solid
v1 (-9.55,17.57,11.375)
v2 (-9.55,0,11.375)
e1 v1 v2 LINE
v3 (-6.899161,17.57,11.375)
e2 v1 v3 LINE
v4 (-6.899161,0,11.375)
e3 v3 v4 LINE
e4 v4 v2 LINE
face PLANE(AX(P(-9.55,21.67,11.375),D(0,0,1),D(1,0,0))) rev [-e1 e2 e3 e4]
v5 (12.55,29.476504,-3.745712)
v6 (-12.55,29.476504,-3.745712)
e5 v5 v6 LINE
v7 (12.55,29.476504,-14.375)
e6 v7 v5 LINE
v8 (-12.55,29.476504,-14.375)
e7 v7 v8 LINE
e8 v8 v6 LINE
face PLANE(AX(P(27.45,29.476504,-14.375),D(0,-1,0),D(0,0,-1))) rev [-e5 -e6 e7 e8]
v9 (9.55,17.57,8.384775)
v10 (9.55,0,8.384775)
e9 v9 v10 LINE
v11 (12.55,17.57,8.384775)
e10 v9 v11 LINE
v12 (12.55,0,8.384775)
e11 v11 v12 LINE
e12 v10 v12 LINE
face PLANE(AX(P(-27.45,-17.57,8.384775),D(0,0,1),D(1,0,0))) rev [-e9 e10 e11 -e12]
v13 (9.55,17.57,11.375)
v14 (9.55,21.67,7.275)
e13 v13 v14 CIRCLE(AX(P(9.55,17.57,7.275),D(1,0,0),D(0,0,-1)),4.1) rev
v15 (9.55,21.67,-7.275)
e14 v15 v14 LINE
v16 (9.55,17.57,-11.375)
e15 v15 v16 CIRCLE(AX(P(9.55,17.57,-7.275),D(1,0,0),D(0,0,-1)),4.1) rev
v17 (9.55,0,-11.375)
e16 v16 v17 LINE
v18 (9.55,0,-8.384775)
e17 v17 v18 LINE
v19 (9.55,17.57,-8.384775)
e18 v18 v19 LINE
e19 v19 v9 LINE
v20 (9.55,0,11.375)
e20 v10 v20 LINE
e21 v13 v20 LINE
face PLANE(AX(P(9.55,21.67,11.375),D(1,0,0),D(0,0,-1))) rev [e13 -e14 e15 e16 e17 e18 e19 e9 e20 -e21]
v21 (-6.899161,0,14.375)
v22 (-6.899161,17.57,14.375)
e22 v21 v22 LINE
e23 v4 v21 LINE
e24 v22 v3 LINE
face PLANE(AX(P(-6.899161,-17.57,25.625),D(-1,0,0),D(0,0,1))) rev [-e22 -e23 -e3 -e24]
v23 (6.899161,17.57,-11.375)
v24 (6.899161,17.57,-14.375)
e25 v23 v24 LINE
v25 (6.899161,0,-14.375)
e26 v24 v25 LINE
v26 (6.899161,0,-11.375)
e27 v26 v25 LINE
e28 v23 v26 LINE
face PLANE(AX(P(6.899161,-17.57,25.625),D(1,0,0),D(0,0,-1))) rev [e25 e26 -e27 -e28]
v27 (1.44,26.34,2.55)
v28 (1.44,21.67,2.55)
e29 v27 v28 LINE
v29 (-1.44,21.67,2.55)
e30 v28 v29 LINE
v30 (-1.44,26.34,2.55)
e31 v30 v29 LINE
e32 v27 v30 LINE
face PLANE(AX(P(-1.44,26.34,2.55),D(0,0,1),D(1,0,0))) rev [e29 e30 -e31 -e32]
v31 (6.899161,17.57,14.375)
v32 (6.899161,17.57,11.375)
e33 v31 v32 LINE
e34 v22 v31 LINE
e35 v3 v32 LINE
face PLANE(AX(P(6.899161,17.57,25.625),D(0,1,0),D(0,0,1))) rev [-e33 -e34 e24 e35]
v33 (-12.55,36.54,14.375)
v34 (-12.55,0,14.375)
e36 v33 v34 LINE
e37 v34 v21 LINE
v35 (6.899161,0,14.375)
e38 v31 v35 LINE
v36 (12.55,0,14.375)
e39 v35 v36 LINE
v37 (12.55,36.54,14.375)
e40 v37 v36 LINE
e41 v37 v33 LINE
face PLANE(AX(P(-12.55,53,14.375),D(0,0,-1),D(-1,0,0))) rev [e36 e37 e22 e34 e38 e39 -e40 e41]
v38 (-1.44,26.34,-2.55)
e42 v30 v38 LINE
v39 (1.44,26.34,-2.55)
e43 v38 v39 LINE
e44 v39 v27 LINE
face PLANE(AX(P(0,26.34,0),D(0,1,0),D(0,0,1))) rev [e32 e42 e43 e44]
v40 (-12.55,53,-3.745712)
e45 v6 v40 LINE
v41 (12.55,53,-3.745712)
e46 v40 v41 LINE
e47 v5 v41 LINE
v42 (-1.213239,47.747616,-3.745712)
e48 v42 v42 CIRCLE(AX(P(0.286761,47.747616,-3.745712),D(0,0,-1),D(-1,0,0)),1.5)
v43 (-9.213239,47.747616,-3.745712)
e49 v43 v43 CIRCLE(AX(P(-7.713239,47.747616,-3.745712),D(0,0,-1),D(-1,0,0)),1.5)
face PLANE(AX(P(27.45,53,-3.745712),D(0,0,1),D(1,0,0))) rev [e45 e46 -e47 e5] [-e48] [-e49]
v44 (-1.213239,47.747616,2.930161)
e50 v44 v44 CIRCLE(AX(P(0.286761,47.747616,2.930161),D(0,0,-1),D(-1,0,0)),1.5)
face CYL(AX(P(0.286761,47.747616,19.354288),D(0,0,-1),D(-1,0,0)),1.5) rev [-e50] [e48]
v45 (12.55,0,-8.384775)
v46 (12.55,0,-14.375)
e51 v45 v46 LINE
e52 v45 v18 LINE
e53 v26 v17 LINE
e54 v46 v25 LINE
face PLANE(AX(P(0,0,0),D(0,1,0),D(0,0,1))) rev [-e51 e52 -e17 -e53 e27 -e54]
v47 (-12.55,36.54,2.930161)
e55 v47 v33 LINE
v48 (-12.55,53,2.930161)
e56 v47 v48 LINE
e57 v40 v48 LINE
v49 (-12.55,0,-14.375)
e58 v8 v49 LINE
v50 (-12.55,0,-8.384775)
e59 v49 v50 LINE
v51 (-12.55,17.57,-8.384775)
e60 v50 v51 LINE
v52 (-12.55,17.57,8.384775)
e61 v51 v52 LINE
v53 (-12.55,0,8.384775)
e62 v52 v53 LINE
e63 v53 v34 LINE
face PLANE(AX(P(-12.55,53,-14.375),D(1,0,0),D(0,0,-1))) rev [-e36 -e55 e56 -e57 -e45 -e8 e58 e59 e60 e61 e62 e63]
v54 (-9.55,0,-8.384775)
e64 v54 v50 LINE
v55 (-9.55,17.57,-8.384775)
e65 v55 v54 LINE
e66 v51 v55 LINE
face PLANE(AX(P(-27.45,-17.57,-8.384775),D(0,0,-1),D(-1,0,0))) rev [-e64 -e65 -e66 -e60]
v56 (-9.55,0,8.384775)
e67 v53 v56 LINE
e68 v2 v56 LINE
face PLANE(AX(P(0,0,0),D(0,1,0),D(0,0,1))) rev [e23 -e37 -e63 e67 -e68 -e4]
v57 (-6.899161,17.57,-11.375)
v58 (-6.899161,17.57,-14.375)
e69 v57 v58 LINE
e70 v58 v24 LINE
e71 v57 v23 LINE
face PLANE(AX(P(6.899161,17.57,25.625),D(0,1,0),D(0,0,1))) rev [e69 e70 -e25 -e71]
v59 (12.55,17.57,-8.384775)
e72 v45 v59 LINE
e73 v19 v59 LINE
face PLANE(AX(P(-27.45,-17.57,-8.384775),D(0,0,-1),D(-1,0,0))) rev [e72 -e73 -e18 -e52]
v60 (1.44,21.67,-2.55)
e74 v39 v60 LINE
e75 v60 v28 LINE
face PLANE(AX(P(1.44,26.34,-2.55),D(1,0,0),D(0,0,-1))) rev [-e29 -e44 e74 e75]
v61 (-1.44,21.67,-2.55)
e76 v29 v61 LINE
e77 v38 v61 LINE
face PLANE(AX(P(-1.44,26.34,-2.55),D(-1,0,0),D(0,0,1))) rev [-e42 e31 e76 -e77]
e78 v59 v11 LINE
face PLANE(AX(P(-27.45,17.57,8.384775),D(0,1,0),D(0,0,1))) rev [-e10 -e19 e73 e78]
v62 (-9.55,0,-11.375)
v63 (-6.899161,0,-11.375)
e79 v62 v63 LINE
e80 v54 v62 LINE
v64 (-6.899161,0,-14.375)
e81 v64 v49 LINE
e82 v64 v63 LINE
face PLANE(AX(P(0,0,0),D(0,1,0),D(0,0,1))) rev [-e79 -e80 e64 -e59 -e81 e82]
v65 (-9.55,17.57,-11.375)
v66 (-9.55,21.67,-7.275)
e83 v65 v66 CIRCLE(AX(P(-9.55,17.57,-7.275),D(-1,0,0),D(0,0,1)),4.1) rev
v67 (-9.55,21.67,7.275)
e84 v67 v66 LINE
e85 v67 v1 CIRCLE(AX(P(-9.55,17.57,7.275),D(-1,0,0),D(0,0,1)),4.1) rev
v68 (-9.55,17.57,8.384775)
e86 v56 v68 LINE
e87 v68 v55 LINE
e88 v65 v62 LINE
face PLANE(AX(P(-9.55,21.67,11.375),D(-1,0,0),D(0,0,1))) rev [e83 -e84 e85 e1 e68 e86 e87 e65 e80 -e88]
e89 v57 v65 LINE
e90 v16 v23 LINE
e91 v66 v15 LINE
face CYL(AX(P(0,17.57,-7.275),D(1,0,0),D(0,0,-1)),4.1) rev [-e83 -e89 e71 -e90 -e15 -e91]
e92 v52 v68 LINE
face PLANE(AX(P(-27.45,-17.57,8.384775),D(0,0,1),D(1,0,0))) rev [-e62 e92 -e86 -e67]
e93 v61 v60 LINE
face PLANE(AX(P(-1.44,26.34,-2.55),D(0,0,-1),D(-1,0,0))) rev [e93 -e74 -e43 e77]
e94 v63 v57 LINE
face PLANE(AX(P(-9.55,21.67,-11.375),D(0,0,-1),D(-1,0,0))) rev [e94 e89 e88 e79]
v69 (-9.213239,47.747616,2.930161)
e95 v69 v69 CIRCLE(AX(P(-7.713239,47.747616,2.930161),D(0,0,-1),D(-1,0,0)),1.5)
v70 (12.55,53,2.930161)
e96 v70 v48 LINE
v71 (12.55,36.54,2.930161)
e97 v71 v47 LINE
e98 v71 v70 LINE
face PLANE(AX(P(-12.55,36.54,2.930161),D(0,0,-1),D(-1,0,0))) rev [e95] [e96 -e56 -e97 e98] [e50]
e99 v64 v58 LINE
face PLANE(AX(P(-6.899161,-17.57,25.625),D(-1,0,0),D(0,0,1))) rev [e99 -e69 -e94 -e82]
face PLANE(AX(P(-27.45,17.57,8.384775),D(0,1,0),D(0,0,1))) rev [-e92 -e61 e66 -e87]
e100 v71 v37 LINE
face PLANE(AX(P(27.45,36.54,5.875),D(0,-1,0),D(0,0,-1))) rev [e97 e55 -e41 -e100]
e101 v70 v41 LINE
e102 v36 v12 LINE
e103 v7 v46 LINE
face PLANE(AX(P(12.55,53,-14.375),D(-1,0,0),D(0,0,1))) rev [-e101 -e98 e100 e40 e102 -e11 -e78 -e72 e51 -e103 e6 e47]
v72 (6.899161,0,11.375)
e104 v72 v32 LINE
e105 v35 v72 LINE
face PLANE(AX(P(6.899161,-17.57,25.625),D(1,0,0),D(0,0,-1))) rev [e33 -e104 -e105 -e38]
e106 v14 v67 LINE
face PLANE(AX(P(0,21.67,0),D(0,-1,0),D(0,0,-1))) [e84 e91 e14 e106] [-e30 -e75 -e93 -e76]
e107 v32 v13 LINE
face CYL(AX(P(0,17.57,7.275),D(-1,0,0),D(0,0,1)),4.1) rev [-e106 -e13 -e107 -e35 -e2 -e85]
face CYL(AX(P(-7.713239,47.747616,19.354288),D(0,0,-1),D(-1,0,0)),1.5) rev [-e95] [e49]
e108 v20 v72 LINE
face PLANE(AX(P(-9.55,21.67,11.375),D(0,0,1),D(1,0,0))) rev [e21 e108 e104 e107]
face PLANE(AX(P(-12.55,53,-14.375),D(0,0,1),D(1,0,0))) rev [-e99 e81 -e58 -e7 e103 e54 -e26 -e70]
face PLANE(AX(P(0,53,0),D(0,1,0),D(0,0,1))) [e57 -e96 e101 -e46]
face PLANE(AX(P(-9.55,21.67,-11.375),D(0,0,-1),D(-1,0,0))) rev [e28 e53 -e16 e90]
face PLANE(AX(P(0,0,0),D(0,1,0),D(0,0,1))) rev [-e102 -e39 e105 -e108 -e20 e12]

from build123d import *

# Parameters (mm, degrees)
SKETCH4_W           = 25.1
SKETCH4_H           = 28.75
BOSS_EXTRUDE2_DEPTH = 53
SKETCH5_W           = 19.1
SKETCH5_H           = 22.75
CUT_EXTRUDE1_DEPTH  = 21.67
FILLET1_R           = 4.1
SKETCH6_W           = 2.88
SKETCH6_H           = 5.1
CUT_EXTRUDE2_DEPTH  = 4.67
SKETCH7_W           = 16.769550268
SKETCH7_H           = 35.14
CUT_EXTRUDE3_DEPTH  = 40
SKETCH8_W           = 13.798322684
SKETCH8_H           = 35.14
CUT_EXTRUDE4_DEPTH  = 40
SKETCH9_W           = 8.5
SKETCH9_H           = 16.46
CUT_EXTRUDE5_DEPTH  = 40
SKETCH10_W          = 10.629287706
SKETCH10_H          = 23.523496481
CUT_EXTRUDE6_DEPTH  = 40
SKETCH11_W          = 25.1
SKETCH11_H          = 2.9448388
CUT_EXTRUDE7_DEPTH  = 16.46
SKETCH14_R          = 1.5
CUT_EXTRUDE10_DEPTH = 23.1
SKETCH13_R          = 1.5
CUT_EXTRUDE11_DEPTH = 23.1


with BuildPart() as part:
    # Sketch4 → Boss-Extrude2 (new body)
    with BuildSketch(Plane(origin=(0, 0, 0), x_dir=(1, 0, 0), z_dir=(0, 1, 0))):
        Rectangle(SKETCH4_W, SKETCH4_H)
    extrude(amount=BOSS_EXTRUDE2_DEPTH)

    # Sketch5 → Cut-Extrude1 (cut)
    with BuildSketch(Plane(origin=(0, 0, 0), x_dir=(-1, 0, 0), z_dir=(0, -1, 0))):
        Rectangle(SKETCH5_W, SKETCH5_H)
    extrude(amount=-CUT_EXTRUDE1_DEPTH, mode=Mode.SUBTRACT)

    # Fillet1
    fillet1_edges = [part.edges().sort_by_distance(p)[0] for p in [
        (0, 21.67, -11.375),
        (0, 21.67, 11.375),
    ]]
    fillet(fillet1_edges, radius=FILLET1_R)

    # Sketch6 → Cut-Extrude2 (cut)
    with BuildSketch(Plane(origin=(0, 21.67, 0), x_dir=(-1, 0, 0), z_dir=(0, -1, 0))):
        Rectangle(SKETCH6_W, SKETCH6_H)
    extrude(amount=-CUT_EXTRUDE2_DEPTH, mode=Mode.SUBTRACT)

    # Sketch7 → Cut-Extrude3 (cut)
    with BuildSketch(Plane(origin=(12.55, 0, 0), x_dir=(0, 0, -1), z_dir=(1, 0, 0))):
        Rectangle(SKETCH7_W, SKETCH7_H)
    extrude(amount=-CUT_EXTRUDE3_DEPTH, mode=Mode.SUBTRACT)

    # Sketch8 → Cut-Extrude4 (cut)
    with BuildSketch(Plane(origin=(0, 0, -14.375), x_dir=(-1, 0, 0), z_dir=(0, 0, -1))):
        Rectangle(SKETCH8_W, SKETCH8_H)
    extrude(amount=-CUT_EXTRUDE4_DEPTH, mode=Mode.SUBTRACT)

    # Sketch9 → Cut-Extrude5 (cut)
    with BuildSketch(Plane.ZY.offset(12.55)):
        with Locations((10.125, 44.77)):
            Rectangle(SKETCH9_W, SKETCH9_H)
    extrude(amount=-CUT_EXTRUDE5_DEPTH, mode=Mode.SUBTRACT)

    # Sketch10 → Cut-Extrude6 (cut)
    with BuildSketch(Plane.ZY.offset(12.55)):
        with Locations((-9.060356147, 41.23825176)):
            Rectangle(SKETCH10_W, SKETCH10_H)
    extrude(amount=-CUT_EXTRUDE6_DEPTH, mode=Mode.SUBTRACT)

    # Sketch11 → Cut-Extrude7 (cut)
    with BuildSketch(Plane(origin=(0, 53, 0), x_dir=(1, 0, 0), z_dir=(0, 1, 0))):
        with Locations((0, -4.4025806)):
            Rectangle(SKETCH11_W, SKETCH11_H)
    extrude(amount=-CUT_EXTRUDE7_DEPTH, mode=Mode.SUBTRACT)

    # Sketch14 → Cut-Extrude10 (cut)
    with BuildSketch(Plane(origin=(0, 0, -3.745712294), x_dir=(-1, 0, 0), z_dir=(0, 0, -1))):
        with Locations((-0.286761368, 47.74761558)):
            Circle(SKETCH14_R)
    extrude(amount=-CUT_EXTRUDE10_DEPTH, mode=Mode.SUBTRACT)

    # Sketch13 → Cut-Extrude11 (cut)
    with BuildSketch(Plane(origin=(0, 0, -3.745712294), x_dir=(-1, 0, 0), z_dir=(0, 0, -1))):
        with Locations((7.713238632, 47.74761558)):
            Circle(SKETCH13_R)
    extrude(amount=-CUT_EXTRUDE11_DEPTH, mode=Mode.SUBTRACT)


solid = part.part
